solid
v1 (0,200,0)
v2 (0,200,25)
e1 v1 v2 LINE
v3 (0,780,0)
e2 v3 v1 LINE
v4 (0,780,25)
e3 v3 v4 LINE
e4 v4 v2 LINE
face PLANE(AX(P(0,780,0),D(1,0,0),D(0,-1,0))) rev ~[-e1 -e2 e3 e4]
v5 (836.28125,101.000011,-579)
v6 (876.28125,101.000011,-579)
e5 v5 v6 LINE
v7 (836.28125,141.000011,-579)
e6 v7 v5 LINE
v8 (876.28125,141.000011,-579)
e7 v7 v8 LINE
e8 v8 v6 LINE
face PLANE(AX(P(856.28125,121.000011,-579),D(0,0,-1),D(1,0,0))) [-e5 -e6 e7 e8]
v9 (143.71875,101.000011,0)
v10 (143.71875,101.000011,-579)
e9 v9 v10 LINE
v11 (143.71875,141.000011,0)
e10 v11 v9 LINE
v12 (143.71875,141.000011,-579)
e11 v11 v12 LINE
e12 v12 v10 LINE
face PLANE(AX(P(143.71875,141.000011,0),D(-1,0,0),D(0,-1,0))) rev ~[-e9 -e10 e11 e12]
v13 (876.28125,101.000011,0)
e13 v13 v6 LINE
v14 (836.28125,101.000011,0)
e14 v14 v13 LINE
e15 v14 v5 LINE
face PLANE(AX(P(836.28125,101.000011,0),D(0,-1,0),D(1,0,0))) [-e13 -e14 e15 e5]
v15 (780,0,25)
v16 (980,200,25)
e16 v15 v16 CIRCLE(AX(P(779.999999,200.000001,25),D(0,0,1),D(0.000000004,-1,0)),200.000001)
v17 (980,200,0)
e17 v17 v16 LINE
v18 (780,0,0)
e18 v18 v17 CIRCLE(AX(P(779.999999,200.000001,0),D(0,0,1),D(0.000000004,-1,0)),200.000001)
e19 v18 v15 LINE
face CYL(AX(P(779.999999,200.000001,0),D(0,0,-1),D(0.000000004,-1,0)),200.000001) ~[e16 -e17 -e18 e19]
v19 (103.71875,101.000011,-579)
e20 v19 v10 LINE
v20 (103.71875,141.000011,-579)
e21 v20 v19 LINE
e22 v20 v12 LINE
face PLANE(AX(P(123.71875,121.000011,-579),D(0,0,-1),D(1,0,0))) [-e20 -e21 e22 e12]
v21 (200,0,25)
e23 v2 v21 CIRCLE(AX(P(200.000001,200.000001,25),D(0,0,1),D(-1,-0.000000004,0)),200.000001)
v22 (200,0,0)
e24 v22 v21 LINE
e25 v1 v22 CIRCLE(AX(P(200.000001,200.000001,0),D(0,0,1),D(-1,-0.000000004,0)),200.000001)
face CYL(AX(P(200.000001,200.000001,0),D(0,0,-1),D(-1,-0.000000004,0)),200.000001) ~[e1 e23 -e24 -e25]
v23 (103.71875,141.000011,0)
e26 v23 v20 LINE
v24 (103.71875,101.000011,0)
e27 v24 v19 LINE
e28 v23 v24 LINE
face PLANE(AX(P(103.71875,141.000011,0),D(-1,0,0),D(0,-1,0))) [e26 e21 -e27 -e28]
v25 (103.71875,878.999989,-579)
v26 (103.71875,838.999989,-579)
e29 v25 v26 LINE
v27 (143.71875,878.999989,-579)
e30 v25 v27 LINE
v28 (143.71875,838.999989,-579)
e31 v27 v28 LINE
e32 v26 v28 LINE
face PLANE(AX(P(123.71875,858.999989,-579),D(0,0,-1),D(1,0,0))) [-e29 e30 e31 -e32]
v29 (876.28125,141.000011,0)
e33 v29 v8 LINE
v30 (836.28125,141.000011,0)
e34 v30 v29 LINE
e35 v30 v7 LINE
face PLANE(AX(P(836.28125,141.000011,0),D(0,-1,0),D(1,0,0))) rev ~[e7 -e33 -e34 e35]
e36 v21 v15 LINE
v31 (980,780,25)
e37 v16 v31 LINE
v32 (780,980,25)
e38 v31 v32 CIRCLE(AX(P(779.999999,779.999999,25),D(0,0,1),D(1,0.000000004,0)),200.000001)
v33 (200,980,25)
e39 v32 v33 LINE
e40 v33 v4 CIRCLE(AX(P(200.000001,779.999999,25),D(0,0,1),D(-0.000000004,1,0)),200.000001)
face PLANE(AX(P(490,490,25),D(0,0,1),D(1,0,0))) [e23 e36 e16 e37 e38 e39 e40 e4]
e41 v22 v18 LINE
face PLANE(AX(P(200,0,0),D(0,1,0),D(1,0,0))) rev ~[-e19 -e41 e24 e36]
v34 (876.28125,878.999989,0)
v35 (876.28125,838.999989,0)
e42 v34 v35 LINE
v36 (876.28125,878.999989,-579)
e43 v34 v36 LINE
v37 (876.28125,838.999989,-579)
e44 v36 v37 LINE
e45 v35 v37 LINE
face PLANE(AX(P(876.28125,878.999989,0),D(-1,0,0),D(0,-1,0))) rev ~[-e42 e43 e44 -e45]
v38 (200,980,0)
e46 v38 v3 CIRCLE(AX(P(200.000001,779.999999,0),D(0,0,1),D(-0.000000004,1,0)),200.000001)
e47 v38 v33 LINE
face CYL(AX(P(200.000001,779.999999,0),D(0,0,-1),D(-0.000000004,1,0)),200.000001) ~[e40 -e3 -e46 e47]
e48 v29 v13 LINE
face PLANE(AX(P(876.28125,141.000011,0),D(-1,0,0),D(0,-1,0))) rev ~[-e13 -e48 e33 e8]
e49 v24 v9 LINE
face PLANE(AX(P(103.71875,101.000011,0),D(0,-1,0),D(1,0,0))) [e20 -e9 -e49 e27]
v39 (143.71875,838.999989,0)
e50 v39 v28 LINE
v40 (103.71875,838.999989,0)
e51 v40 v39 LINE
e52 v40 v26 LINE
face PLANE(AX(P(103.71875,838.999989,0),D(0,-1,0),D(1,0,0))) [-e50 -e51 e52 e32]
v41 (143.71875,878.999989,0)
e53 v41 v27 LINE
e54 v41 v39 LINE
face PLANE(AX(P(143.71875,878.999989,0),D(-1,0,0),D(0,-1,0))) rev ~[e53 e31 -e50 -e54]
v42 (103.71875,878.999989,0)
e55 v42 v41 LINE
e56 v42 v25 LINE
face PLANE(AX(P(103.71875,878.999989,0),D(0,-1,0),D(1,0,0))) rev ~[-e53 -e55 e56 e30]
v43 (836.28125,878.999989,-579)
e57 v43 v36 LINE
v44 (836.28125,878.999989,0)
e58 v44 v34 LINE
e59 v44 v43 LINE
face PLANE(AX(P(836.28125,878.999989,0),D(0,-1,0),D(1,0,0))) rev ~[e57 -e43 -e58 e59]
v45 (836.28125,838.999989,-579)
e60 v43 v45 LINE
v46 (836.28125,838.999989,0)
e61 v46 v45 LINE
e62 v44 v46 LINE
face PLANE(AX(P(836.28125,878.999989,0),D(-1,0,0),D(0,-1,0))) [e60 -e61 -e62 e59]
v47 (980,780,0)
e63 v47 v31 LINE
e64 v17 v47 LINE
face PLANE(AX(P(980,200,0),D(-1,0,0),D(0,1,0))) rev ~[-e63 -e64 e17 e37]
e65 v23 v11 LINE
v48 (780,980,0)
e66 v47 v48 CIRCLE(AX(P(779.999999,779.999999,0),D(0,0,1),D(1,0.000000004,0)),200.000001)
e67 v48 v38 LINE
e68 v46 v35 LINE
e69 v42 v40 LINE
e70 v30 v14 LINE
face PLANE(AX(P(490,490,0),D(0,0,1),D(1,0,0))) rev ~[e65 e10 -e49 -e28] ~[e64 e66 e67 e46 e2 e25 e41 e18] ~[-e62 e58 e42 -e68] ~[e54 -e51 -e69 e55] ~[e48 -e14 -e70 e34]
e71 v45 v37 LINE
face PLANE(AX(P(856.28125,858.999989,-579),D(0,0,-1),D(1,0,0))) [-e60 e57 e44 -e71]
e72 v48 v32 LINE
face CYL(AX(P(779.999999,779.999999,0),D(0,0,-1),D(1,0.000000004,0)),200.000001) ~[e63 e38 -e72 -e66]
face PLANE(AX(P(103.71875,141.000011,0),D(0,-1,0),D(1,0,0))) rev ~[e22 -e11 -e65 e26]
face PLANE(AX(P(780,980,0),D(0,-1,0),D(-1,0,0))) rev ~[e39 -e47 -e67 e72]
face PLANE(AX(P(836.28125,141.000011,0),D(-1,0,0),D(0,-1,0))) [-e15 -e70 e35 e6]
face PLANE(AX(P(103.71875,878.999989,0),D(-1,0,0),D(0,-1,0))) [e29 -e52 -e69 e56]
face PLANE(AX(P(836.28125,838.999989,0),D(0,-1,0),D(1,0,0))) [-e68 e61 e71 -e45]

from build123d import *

# Parameters (mm, degrees)
F1_DEPTH = 25
F2_W     = 40
F2_H     = 40
F3_DEPTH = 579


with BuildPart() as f1:
    # F0 (on Top) → F1 (new body)
    with BuildSketch(Plane.XY):
        with BuildLine():
            ThreePointArc((0, 200), (58.578644, 58.578644), (200, 0))
            Line((200, 0), (780, 0))
            ThreePointArc((780, 0), (921.421356, 58.578644), (980, 200))
            Line((980, 200), (980, 780))
            ThreePointArc((980, 780), (921.421356, 921.421356), (780, 980))
            Line((780, 980), (200, 980))
            ThreePointArc((200, 980), (58.578644, 921.421356), (0, 780))
            Line((0, 780), (0, 200))
        make_face()
    extrude(amount=F1_DEPTH)

    # F2 (on face) → F3 (join)
    with BuildSketch(Plane(origin=(0, 0, 0), x_dir=(1, 0, 0), z_dir=(0, 0, -1))):
        with Locations((123.71875, -121.000011)):
            Rectangle(F2_W, F2_H)
        with Locations((856.28125, -121.000011)):
            Rectangle(F2_W, F2_H)
        with Locations((123.71875, -858.999989)):
            Rectangle(F2_W, F2_H)
        with Locations((856.28125, -858.999989)):
            Rectangle(F2_W, F2_H)
    extrude(amount=F3_DEPTH)


solid = f1.part
